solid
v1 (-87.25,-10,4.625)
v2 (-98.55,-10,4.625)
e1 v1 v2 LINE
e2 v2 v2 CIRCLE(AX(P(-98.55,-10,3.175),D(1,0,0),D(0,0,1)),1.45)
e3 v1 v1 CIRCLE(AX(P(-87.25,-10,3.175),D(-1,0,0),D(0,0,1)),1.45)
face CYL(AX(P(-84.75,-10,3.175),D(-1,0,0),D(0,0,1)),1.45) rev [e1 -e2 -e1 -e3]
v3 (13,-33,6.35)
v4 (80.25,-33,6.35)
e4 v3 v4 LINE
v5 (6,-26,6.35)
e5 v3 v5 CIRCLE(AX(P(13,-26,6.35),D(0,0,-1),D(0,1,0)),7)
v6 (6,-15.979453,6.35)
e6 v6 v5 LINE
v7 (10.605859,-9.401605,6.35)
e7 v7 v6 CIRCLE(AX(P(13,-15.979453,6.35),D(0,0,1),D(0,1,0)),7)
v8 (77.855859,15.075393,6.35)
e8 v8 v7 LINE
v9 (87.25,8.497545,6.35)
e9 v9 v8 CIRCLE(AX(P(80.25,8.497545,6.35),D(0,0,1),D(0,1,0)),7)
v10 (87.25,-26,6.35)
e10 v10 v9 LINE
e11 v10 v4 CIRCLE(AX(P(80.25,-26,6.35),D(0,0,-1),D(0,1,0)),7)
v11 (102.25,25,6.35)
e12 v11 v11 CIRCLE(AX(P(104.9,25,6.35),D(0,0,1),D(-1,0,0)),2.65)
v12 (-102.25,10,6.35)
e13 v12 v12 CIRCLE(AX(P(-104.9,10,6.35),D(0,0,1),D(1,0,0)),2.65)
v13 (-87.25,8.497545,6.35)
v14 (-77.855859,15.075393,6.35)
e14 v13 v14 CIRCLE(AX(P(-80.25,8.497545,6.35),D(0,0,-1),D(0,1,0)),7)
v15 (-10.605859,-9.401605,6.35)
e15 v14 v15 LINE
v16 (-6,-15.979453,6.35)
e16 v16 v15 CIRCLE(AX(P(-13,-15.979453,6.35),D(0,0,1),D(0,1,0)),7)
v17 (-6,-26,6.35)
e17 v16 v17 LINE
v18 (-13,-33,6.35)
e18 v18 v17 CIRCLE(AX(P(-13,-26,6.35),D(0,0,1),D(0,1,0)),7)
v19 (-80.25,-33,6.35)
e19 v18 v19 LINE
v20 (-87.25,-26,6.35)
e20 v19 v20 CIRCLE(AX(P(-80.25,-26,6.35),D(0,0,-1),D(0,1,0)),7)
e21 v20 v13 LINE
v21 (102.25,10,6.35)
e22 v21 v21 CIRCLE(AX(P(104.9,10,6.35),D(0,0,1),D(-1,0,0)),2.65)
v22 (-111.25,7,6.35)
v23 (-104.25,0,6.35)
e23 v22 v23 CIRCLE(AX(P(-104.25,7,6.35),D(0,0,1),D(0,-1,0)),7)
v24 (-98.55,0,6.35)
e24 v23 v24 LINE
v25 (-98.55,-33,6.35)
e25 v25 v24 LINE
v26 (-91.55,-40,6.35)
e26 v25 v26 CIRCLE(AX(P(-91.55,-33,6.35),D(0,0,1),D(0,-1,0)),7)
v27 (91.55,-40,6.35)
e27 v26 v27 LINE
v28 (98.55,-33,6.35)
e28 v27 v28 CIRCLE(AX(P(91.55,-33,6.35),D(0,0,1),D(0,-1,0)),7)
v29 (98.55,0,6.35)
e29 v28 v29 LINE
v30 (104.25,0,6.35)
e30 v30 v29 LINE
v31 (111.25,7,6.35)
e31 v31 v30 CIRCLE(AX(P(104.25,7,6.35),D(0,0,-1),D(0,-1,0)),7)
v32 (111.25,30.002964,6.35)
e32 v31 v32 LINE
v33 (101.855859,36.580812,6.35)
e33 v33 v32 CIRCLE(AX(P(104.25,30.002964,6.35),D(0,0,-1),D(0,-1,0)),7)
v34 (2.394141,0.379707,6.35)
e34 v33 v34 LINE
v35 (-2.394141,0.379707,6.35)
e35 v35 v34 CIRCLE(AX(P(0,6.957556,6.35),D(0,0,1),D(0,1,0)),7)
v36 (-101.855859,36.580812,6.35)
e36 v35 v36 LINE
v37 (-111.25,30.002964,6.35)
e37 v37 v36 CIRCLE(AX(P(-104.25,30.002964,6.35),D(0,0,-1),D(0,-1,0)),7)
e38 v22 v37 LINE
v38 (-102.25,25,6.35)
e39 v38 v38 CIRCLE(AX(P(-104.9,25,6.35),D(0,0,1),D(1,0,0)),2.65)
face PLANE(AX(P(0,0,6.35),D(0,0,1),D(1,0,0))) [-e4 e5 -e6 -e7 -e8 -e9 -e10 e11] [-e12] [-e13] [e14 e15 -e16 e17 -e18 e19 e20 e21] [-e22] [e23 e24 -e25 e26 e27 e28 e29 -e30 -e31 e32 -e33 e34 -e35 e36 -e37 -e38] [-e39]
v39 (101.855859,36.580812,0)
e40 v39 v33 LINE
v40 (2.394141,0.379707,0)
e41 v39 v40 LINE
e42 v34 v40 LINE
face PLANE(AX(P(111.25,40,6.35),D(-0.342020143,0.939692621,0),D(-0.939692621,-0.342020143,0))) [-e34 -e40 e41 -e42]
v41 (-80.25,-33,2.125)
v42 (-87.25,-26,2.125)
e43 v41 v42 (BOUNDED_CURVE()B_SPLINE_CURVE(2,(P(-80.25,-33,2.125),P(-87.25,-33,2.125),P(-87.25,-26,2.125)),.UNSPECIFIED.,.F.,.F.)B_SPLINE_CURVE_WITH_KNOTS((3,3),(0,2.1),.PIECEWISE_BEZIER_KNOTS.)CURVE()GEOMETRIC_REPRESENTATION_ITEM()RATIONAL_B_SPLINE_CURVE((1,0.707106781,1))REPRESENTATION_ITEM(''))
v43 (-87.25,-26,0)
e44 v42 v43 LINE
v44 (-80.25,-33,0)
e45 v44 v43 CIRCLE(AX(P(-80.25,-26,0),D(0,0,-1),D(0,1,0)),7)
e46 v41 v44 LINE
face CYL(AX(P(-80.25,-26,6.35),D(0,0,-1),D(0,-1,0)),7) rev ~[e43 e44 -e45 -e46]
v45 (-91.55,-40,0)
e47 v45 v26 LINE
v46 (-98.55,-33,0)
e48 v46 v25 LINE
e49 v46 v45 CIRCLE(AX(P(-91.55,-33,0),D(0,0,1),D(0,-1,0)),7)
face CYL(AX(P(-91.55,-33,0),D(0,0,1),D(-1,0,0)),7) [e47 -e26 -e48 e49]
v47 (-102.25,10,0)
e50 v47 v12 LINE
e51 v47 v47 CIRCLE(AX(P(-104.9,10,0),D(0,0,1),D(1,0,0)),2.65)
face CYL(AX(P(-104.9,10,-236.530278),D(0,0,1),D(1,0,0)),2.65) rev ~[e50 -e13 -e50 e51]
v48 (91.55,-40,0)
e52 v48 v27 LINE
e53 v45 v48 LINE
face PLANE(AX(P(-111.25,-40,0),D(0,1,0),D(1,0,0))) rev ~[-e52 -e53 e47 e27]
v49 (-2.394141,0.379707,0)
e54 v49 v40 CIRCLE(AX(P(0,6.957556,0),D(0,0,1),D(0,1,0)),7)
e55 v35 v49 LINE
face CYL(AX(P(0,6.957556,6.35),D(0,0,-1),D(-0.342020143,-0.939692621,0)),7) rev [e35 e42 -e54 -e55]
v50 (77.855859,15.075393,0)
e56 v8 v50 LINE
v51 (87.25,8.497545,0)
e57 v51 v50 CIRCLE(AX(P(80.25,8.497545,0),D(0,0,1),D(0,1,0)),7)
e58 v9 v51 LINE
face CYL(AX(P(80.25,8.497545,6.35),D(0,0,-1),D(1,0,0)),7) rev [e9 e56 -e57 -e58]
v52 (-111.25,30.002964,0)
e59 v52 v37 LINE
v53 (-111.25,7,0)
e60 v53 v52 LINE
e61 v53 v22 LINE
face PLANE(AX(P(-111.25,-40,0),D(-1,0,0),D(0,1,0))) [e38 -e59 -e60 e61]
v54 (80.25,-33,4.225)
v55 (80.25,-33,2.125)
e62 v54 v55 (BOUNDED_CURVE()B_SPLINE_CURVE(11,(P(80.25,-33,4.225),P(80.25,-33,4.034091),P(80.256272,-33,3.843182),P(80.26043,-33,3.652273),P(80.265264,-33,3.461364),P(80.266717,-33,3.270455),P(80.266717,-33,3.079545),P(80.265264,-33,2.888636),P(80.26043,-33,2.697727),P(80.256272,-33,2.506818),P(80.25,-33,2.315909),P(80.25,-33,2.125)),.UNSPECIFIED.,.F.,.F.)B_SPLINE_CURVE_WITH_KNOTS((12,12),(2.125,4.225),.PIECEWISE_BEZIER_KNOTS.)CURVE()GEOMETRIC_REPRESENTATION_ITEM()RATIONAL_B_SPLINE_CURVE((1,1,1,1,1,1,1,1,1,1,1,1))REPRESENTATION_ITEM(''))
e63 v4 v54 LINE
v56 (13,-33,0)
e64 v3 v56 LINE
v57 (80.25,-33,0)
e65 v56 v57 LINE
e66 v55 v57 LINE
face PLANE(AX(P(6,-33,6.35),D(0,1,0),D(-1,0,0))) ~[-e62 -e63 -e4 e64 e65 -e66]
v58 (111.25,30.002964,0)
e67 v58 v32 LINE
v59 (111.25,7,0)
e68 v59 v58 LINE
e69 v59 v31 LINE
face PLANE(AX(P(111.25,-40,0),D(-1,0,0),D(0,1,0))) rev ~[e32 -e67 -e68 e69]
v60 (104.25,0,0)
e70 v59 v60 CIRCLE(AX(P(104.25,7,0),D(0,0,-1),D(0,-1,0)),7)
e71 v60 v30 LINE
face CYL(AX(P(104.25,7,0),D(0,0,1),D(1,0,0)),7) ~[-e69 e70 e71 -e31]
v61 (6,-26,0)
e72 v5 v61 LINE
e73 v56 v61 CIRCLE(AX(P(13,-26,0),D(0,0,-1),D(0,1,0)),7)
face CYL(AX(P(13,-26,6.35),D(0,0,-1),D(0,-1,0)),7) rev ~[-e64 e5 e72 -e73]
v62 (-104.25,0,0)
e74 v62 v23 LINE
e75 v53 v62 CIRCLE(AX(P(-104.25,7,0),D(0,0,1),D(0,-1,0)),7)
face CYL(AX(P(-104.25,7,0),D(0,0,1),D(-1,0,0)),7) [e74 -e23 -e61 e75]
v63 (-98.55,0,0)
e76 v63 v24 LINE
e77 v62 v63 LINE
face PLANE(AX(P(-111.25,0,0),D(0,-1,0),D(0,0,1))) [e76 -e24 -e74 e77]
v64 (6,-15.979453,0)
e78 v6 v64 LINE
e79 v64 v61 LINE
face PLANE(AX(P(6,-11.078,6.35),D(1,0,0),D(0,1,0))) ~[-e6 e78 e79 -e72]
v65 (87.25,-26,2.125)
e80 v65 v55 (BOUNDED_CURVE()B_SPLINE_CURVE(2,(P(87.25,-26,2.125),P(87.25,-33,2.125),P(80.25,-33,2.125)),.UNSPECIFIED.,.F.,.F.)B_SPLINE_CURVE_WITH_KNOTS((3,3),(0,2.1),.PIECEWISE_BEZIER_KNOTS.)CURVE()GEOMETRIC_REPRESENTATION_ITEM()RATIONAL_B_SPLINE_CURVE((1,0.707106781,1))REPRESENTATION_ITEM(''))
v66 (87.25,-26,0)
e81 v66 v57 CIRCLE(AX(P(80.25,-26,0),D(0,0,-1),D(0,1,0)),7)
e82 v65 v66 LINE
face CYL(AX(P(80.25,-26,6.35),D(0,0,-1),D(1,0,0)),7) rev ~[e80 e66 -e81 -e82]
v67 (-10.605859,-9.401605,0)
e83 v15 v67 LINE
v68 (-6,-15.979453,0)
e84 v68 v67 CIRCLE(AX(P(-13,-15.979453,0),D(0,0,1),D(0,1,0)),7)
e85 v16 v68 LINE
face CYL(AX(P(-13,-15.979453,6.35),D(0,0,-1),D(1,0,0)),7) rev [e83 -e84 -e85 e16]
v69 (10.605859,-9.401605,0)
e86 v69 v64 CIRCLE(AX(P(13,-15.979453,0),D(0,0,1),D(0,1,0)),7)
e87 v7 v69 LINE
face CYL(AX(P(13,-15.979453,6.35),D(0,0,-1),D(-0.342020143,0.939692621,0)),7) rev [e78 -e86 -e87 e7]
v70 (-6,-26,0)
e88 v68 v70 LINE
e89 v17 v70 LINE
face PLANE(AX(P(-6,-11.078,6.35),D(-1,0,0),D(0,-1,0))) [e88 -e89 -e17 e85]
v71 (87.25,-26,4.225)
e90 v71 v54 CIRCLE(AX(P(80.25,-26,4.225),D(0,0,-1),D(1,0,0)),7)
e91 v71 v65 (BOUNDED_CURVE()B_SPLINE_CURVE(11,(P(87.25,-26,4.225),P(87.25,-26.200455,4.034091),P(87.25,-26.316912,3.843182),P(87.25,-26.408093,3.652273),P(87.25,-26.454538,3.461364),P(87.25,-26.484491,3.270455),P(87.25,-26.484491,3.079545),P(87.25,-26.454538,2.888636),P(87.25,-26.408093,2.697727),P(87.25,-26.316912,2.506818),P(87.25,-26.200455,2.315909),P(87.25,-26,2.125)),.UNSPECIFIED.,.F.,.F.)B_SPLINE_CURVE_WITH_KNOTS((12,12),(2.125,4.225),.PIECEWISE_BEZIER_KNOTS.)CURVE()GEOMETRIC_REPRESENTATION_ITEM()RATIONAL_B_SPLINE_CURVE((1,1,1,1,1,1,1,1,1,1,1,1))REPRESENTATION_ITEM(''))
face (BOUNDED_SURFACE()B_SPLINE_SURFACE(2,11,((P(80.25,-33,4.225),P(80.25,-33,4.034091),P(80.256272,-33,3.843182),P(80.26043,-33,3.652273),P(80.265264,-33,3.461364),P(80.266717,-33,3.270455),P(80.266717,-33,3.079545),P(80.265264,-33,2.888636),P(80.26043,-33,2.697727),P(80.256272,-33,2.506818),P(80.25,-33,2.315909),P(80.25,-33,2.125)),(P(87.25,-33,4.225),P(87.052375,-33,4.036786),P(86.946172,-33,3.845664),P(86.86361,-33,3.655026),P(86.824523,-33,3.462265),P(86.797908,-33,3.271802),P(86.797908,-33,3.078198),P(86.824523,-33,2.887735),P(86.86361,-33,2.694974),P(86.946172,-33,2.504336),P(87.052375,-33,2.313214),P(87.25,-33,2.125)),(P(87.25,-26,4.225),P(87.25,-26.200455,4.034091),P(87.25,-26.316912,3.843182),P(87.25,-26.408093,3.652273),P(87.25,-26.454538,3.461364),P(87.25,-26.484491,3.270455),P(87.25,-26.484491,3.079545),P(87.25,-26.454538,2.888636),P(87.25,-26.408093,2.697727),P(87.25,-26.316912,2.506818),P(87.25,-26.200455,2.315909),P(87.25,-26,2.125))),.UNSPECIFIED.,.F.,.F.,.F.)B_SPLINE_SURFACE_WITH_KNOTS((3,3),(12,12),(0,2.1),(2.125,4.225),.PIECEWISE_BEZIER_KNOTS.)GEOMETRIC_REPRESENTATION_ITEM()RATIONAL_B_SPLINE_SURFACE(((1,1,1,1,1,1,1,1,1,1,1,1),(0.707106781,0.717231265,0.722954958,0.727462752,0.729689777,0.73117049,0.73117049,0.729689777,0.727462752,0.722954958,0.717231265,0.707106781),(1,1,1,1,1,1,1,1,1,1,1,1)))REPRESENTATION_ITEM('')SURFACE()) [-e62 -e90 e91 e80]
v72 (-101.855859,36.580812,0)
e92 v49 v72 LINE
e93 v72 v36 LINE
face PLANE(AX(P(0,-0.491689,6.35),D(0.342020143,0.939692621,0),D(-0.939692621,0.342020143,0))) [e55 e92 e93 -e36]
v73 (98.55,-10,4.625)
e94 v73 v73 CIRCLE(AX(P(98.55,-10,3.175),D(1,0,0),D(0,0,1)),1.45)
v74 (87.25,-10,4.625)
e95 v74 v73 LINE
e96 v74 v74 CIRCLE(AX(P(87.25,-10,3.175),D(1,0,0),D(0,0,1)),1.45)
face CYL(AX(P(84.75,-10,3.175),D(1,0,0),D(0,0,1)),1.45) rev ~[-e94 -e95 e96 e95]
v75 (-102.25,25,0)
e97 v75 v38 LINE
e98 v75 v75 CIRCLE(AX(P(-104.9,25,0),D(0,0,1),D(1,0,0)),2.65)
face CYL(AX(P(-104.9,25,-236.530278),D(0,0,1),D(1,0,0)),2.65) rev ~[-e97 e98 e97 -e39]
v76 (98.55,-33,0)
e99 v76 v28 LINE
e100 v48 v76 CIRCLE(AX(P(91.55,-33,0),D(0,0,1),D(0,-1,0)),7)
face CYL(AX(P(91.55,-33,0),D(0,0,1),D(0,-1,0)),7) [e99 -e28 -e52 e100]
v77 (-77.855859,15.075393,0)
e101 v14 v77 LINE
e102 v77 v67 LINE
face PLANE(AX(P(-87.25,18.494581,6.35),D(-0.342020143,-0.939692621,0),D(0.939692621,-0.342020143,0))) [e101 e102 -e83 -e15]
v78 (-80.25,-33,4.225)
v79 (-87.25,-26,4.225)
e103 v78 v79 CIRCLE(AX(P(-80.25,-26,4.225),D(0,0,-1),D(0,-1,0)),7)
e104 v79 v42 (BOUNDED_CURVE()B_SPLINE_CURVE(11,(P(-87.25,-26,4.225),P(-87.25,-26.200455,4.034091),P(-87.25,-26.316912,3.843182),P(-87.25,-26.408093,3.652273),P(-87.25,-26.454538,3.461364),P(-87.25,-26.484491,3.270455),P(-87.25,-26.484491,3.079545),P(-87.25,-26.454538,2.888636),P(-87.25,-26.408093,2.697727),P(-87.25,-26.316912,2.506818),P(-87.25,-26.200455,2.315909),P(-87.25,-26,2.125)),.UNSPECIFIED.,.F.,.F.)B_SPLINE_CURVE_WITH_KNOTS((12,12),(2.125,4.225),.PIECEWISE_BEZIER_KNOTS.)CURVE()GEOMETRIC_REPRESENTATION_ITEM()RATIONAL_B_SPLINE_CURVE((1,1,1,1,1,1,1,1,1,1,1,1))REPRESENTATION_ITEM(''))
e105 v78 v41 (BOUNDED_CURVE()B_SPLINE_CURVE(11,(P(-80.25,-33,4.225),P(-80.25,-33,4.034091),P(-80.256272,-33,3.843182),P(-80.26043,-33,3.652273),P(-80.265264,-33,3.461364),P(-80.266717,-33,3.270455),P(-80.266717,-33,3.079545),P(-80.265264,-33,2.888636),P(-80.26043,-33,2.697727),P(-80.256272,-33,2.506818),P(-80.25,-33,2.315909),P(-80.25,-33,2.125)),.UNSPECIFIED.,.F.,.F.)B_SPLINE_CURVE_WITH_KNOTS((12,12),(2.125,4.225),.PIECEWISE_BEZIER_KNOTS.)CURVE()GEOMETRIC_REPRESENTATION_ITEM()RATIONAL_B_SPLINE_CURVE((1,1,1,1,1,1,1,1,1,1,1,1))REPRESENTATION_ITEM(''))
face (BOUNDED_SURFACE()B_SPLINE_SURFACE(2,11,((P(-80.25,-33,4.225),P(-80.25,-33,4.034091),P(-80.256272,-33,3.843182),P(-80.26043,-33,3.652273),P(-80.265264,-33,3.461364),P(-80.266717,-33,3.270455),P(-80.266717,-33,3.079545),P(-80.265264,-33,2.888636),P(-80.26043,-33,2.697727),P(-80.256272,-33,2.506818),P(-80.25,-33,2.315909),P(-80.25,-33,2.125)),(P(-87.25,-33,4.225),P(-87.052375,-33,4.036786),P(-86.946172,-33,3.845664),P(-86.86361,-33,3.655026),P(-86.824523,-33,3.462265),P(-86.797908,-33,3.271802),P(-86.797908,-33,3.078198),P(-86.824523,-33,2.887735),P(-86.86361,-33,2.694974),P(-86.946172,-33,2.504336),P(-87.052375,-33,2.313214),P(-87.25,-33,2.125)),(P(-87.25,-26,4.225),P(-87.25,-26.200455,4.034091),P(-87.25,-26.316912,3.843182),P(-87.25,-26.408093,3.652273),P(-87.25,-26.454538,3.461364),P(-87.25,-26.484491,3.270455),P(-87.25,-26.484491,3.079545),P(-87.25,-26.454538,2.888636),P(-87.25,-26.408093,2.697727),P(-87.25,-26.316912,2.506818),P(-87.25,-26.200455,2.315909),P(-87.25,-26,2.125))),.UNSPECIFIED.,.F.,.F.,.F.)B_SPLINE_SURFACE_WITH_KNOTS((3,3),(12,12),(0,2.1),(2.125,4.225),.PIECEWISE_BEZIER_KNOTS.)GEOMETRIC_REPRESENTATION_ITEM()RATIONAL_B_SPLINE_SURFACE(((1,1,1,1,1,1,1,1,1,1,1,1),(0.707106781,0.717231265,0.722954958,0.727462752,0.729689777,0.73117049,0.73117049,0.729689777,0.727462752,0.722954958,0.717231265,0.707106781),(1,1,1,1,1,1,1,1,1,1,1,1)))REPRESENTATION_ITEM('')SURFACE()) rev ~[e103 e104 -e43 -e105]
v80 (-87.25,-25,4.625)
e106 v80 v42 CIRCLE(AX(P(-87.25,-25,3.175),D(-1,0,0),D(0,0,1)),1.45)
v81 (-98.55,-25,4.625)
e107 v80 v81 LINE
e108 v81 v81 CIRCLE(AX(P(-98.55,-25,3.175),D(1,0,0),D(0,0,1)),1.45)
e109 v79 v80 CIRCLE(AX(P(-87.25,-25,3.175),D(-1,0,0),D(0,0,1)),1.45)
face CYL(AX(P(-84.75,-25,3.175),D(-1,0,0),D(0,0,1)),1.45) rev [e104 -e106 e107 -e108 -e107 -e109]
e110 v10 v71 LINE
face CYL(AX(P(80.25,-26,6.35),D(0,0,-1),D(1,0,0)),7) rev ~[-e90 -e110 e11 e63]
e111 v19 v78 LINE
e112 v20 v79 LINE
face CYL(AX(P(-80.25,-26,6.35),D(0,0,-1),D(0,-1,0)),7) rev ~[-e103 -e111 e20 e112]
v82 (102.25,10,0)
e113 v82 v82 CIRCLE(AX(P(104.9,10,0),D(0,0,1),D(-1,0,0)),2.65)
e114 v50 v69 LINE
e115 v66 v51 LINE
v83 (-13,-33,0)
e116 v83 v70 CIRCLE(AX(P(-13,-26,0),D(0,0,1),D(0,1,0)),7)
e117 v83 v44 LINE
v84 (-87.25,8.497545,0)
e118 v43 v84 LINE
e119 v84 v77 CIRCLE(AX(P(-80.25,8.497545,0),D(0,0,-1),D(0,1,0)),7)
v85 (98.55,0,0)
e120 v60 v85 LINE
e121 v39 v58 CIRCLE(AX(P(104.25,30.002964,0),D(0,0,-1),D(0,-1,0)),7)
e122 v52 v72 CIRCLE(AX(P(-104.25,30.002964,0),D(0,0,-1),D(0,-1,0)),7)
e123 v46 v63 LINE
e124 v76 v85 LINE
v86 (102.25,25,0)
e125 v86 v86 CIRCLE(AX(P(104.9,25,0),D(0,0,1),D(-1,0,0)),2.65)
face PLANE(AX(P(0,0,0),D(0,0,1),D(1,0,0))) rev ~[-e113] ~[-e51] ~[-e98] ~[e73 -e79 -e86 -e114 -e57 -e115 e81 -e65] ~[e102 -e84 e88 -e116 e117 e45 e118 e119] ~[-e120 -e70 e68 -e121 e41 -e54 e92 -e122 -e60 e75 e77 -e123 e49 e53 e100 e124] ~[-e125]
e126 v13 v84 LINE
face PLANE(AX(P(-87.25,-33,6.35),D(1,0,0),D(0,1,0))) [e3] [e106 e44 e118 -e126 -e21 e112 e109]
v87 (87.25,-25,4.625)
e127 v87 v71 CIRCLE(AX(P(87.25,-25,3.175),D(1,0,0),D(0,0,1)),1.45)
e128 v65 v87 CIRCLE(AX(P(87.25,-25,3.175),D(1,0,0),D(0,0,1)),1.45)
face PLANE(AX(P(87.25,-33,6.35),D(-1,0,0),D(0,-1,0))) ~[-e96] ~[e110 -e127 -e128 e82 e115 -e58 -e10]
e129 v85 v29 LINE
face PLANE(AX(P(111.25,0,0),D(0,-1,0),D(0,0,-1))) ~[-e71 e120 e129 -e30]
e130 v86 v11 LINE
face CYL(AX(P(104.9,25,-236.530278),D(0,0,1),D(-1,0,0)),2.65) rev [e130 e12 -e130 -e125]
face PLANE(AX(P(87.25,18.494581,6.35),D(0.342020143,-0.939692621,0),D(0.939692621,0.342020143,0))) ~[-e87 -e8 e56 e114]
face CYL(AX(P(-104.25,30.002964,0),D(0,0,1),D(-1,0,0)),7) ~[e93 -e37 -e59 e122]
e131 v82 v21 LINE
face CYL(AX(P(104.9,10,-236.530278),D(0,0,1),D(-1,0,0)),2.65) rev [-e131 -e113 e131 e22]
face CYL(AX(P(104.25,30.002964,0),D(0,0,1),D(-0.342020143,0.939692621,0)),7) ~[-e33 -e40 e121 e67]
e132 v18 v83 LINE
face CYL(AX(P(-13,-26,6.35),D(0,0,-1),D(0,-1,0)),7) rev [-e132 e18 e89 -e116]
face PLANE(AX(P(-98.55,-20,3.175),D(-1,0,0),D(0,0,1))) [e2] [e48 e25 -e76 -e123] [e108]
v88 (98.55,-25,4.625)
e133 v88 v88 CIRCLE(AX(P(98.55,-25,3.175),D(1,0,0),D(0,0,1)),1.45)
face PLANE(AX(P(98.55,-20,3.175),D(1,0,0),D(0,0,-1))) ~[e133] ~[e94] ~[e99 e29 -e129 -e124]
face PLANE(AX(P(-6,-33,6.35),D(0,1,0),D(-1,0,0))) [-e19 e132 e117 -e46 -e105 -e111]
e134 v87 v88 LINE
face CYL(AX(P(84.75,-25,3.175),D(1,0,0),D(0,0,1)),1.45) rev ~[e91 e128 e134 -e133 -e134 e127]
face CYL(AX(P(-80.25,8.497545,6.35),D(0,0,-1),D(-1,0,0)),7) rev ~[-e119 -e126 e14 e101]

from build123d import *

# Parameters (mm, degrees)
SKETCH1_W                        = 222.5
SKETCH1_H                        = 80
BOSS_EXTRUDE1_DEPTH              = 6.35
SKETCH6_W                        = 6.35
SKETCH6_H                        = 40
CUT_EXTRUDE3_DEPTH               = 12.7
M3_5X0_6_TAPPED_HOLE1_AT_2_COUNT = 2
M3_5X0_6_TAPPED_HOLE1_AT_2_PITCH = 15
CUT_EXTRUDE1_DEPTH               = 119.392926309
CUT_EXTRUDE2_DEPTH               = 119.392926309
M5_CLEARANCE_HOLE1_D             = 5.3
FILLET1_R                        = 7


with BuildPart() as part:
    # Sketch1 → Boss-Extrude1 (new body)
    with BuildSketch(Plane.XY):
        Rectangle(SKETCH1_W, SKETCH1_H)
    extrude(amount=BOSS_EXTRUDE1_DEPTH)

    # Sketch6 → Cut-Extrude3 (cut)
    with BuildSketch(Plane.ZY.offset(111.25)):
        with Locations((3.175, -20)):
            Rectangle(SKETCH6_W, SKETCH6_H)
    cut_extrude3 = extrude(amount=-CUT_EXTRUDE3_DEPTH, mode=Mode.SUBTRACT)

    # Sketch7 → M3.5x0.6 Tapped Hole1 (revolve, cut)
    with BuildSketch(Plane(origin=(-98.55, -25, 3.175), x_dir=(0, 0, 1), z_dir=(0, 1, 0))):
        Polygon((0, 0), (0, 14.671247898), (1.45, 13.8), (1.45, 0), align=None)
    m3_5x0_6_tapped_hole1 = revolve(axis=Axis((-104.9, -25, 3.175), (1, 0, 0)), mode=Mode.SUBTRACT)

    # M3.5x0.6 Tapped Hole1 at 2: M3.5x0.6 Tapped Hole1 ×2
    with Locations(*[(0, i * M3_5X0_6_TAPPED_HOLE1_AT_2_PITCH, 0) for i in range(1, M3_5X0_6_TAPPED_HOLE1_AT_2_COUNT)]):
        add(m3_5x0_6_tapped_hole1, mode=Mode.SUBTRACT)

    # Sketch2 → Cut-Extrude1 (cut, through all)
    with BuildSketch(Plane.XY.offset(6.35)):
        Polygon((111.25, 40), (0, -0.491688562), (-111.25, 40), align=None)
    extrude(amount=-CUT_EXTRUDE1_DEPTH, mode=Mode.SUBTRACT)

    # Sketch3 → Cut-Extrude2 (cut, through all)
    with BuildSketch(Plane.XY.offset(6.35)):
        Polygon((-87.25, -33), (-87.25, 18.494581108), (-6, -11.078000426), (-6, -33), align=None)
    cut_extrude2 = extrude(amount=-CUT_EXTRUDE2_DEPTH, mode=Mode.SUBTRACT)

    # M5 Clearance Hole1 (through all)
    with Locations(Plane(origin=(0, 0, 0), x_dir=(-1, 0, 0), z_dir=(0, 0, -1))):
        with Locations((104.9, 10), (104.9, 25)):
            m5_clearance_hole1 = Hole(M5_CLEARANCE_HOLE1_D / 2)

    # Mirror1: Cut-Extrude3, M3.5x0.6 Tapped Hole1, Cut-Extrude2, M5 Clearance Hole1 across plane
    add(cut_extrude3.mirror(Plane(origin=(0, 0, 0), x_dir=(0, 0, 1), z_dir=(1, 0, 0))), mode=Mode.SUBTRACT)
    add(m3_5x0_6_tapped_hole1.mirror(Plane(origin=(0, 0, 0), x_dir=(0, 0, 1), z_dir=(1, 0, 0))), mode=Mode.SUBTRACT)
    add(cut_extrude2.mirror(Plane(origin=(0, 0, 0), x_dir=(0, 0, 1), z_dir=(1, 0, 0))), mode=Mode.SUBTRACT)
    add(m5_clearance_hole1.mirror(Plane(origin=(0, 0, 0), x_dir=(0, 0, 1), z_dir=(1, 0, 0))), mode=Mode.SUBTRACT)

    # Mirror1 copy 1 sketch → Mirror1 copy 1 (revolve, cut)
    with BuildSketch(Plane(origin=(98.55, -10, 3.175), x_dir=(0, 0, 1), z_dir=(0, 1, 0))):
        Polygon((0, 0), (0, -14.671247898), (1.45, -13.8), (1.45, 0), align=None)
    revolve(axis=Axis((104.9, -10, 3.175), (1, 0, 0)), mode=Mode.SUBTRACT)

    # Fillet1
    fillet1_edges = [part.edges().sort_by_distance(p)[0] for p in [
        (87.25, 18.494581108, 3.175),
        (87.25, -33, 3.175),
        (6, -33, 3.175),
        (6, -11.078000426, 3.175),
        (-98.55, -40, 3.175),
        (-111.25, 0, 3.175),
        (0, -0.491688562, 3.175),
        (-87.25, -33, 3.175),
        (-6, -33, 3.175),
        (-87.25, 18.494581108, 3.175),
        (-6, -11.078000426, 3.175),
        (-111.25, 40, 3.175),
        (111.25, 40, 3.175),
        (111.25, 0, 3.175),
        (98.55, -40, 3.175),
    ]]
    fillet(fillet1_edges, radius=FILLET1_R)


solid = part.part
